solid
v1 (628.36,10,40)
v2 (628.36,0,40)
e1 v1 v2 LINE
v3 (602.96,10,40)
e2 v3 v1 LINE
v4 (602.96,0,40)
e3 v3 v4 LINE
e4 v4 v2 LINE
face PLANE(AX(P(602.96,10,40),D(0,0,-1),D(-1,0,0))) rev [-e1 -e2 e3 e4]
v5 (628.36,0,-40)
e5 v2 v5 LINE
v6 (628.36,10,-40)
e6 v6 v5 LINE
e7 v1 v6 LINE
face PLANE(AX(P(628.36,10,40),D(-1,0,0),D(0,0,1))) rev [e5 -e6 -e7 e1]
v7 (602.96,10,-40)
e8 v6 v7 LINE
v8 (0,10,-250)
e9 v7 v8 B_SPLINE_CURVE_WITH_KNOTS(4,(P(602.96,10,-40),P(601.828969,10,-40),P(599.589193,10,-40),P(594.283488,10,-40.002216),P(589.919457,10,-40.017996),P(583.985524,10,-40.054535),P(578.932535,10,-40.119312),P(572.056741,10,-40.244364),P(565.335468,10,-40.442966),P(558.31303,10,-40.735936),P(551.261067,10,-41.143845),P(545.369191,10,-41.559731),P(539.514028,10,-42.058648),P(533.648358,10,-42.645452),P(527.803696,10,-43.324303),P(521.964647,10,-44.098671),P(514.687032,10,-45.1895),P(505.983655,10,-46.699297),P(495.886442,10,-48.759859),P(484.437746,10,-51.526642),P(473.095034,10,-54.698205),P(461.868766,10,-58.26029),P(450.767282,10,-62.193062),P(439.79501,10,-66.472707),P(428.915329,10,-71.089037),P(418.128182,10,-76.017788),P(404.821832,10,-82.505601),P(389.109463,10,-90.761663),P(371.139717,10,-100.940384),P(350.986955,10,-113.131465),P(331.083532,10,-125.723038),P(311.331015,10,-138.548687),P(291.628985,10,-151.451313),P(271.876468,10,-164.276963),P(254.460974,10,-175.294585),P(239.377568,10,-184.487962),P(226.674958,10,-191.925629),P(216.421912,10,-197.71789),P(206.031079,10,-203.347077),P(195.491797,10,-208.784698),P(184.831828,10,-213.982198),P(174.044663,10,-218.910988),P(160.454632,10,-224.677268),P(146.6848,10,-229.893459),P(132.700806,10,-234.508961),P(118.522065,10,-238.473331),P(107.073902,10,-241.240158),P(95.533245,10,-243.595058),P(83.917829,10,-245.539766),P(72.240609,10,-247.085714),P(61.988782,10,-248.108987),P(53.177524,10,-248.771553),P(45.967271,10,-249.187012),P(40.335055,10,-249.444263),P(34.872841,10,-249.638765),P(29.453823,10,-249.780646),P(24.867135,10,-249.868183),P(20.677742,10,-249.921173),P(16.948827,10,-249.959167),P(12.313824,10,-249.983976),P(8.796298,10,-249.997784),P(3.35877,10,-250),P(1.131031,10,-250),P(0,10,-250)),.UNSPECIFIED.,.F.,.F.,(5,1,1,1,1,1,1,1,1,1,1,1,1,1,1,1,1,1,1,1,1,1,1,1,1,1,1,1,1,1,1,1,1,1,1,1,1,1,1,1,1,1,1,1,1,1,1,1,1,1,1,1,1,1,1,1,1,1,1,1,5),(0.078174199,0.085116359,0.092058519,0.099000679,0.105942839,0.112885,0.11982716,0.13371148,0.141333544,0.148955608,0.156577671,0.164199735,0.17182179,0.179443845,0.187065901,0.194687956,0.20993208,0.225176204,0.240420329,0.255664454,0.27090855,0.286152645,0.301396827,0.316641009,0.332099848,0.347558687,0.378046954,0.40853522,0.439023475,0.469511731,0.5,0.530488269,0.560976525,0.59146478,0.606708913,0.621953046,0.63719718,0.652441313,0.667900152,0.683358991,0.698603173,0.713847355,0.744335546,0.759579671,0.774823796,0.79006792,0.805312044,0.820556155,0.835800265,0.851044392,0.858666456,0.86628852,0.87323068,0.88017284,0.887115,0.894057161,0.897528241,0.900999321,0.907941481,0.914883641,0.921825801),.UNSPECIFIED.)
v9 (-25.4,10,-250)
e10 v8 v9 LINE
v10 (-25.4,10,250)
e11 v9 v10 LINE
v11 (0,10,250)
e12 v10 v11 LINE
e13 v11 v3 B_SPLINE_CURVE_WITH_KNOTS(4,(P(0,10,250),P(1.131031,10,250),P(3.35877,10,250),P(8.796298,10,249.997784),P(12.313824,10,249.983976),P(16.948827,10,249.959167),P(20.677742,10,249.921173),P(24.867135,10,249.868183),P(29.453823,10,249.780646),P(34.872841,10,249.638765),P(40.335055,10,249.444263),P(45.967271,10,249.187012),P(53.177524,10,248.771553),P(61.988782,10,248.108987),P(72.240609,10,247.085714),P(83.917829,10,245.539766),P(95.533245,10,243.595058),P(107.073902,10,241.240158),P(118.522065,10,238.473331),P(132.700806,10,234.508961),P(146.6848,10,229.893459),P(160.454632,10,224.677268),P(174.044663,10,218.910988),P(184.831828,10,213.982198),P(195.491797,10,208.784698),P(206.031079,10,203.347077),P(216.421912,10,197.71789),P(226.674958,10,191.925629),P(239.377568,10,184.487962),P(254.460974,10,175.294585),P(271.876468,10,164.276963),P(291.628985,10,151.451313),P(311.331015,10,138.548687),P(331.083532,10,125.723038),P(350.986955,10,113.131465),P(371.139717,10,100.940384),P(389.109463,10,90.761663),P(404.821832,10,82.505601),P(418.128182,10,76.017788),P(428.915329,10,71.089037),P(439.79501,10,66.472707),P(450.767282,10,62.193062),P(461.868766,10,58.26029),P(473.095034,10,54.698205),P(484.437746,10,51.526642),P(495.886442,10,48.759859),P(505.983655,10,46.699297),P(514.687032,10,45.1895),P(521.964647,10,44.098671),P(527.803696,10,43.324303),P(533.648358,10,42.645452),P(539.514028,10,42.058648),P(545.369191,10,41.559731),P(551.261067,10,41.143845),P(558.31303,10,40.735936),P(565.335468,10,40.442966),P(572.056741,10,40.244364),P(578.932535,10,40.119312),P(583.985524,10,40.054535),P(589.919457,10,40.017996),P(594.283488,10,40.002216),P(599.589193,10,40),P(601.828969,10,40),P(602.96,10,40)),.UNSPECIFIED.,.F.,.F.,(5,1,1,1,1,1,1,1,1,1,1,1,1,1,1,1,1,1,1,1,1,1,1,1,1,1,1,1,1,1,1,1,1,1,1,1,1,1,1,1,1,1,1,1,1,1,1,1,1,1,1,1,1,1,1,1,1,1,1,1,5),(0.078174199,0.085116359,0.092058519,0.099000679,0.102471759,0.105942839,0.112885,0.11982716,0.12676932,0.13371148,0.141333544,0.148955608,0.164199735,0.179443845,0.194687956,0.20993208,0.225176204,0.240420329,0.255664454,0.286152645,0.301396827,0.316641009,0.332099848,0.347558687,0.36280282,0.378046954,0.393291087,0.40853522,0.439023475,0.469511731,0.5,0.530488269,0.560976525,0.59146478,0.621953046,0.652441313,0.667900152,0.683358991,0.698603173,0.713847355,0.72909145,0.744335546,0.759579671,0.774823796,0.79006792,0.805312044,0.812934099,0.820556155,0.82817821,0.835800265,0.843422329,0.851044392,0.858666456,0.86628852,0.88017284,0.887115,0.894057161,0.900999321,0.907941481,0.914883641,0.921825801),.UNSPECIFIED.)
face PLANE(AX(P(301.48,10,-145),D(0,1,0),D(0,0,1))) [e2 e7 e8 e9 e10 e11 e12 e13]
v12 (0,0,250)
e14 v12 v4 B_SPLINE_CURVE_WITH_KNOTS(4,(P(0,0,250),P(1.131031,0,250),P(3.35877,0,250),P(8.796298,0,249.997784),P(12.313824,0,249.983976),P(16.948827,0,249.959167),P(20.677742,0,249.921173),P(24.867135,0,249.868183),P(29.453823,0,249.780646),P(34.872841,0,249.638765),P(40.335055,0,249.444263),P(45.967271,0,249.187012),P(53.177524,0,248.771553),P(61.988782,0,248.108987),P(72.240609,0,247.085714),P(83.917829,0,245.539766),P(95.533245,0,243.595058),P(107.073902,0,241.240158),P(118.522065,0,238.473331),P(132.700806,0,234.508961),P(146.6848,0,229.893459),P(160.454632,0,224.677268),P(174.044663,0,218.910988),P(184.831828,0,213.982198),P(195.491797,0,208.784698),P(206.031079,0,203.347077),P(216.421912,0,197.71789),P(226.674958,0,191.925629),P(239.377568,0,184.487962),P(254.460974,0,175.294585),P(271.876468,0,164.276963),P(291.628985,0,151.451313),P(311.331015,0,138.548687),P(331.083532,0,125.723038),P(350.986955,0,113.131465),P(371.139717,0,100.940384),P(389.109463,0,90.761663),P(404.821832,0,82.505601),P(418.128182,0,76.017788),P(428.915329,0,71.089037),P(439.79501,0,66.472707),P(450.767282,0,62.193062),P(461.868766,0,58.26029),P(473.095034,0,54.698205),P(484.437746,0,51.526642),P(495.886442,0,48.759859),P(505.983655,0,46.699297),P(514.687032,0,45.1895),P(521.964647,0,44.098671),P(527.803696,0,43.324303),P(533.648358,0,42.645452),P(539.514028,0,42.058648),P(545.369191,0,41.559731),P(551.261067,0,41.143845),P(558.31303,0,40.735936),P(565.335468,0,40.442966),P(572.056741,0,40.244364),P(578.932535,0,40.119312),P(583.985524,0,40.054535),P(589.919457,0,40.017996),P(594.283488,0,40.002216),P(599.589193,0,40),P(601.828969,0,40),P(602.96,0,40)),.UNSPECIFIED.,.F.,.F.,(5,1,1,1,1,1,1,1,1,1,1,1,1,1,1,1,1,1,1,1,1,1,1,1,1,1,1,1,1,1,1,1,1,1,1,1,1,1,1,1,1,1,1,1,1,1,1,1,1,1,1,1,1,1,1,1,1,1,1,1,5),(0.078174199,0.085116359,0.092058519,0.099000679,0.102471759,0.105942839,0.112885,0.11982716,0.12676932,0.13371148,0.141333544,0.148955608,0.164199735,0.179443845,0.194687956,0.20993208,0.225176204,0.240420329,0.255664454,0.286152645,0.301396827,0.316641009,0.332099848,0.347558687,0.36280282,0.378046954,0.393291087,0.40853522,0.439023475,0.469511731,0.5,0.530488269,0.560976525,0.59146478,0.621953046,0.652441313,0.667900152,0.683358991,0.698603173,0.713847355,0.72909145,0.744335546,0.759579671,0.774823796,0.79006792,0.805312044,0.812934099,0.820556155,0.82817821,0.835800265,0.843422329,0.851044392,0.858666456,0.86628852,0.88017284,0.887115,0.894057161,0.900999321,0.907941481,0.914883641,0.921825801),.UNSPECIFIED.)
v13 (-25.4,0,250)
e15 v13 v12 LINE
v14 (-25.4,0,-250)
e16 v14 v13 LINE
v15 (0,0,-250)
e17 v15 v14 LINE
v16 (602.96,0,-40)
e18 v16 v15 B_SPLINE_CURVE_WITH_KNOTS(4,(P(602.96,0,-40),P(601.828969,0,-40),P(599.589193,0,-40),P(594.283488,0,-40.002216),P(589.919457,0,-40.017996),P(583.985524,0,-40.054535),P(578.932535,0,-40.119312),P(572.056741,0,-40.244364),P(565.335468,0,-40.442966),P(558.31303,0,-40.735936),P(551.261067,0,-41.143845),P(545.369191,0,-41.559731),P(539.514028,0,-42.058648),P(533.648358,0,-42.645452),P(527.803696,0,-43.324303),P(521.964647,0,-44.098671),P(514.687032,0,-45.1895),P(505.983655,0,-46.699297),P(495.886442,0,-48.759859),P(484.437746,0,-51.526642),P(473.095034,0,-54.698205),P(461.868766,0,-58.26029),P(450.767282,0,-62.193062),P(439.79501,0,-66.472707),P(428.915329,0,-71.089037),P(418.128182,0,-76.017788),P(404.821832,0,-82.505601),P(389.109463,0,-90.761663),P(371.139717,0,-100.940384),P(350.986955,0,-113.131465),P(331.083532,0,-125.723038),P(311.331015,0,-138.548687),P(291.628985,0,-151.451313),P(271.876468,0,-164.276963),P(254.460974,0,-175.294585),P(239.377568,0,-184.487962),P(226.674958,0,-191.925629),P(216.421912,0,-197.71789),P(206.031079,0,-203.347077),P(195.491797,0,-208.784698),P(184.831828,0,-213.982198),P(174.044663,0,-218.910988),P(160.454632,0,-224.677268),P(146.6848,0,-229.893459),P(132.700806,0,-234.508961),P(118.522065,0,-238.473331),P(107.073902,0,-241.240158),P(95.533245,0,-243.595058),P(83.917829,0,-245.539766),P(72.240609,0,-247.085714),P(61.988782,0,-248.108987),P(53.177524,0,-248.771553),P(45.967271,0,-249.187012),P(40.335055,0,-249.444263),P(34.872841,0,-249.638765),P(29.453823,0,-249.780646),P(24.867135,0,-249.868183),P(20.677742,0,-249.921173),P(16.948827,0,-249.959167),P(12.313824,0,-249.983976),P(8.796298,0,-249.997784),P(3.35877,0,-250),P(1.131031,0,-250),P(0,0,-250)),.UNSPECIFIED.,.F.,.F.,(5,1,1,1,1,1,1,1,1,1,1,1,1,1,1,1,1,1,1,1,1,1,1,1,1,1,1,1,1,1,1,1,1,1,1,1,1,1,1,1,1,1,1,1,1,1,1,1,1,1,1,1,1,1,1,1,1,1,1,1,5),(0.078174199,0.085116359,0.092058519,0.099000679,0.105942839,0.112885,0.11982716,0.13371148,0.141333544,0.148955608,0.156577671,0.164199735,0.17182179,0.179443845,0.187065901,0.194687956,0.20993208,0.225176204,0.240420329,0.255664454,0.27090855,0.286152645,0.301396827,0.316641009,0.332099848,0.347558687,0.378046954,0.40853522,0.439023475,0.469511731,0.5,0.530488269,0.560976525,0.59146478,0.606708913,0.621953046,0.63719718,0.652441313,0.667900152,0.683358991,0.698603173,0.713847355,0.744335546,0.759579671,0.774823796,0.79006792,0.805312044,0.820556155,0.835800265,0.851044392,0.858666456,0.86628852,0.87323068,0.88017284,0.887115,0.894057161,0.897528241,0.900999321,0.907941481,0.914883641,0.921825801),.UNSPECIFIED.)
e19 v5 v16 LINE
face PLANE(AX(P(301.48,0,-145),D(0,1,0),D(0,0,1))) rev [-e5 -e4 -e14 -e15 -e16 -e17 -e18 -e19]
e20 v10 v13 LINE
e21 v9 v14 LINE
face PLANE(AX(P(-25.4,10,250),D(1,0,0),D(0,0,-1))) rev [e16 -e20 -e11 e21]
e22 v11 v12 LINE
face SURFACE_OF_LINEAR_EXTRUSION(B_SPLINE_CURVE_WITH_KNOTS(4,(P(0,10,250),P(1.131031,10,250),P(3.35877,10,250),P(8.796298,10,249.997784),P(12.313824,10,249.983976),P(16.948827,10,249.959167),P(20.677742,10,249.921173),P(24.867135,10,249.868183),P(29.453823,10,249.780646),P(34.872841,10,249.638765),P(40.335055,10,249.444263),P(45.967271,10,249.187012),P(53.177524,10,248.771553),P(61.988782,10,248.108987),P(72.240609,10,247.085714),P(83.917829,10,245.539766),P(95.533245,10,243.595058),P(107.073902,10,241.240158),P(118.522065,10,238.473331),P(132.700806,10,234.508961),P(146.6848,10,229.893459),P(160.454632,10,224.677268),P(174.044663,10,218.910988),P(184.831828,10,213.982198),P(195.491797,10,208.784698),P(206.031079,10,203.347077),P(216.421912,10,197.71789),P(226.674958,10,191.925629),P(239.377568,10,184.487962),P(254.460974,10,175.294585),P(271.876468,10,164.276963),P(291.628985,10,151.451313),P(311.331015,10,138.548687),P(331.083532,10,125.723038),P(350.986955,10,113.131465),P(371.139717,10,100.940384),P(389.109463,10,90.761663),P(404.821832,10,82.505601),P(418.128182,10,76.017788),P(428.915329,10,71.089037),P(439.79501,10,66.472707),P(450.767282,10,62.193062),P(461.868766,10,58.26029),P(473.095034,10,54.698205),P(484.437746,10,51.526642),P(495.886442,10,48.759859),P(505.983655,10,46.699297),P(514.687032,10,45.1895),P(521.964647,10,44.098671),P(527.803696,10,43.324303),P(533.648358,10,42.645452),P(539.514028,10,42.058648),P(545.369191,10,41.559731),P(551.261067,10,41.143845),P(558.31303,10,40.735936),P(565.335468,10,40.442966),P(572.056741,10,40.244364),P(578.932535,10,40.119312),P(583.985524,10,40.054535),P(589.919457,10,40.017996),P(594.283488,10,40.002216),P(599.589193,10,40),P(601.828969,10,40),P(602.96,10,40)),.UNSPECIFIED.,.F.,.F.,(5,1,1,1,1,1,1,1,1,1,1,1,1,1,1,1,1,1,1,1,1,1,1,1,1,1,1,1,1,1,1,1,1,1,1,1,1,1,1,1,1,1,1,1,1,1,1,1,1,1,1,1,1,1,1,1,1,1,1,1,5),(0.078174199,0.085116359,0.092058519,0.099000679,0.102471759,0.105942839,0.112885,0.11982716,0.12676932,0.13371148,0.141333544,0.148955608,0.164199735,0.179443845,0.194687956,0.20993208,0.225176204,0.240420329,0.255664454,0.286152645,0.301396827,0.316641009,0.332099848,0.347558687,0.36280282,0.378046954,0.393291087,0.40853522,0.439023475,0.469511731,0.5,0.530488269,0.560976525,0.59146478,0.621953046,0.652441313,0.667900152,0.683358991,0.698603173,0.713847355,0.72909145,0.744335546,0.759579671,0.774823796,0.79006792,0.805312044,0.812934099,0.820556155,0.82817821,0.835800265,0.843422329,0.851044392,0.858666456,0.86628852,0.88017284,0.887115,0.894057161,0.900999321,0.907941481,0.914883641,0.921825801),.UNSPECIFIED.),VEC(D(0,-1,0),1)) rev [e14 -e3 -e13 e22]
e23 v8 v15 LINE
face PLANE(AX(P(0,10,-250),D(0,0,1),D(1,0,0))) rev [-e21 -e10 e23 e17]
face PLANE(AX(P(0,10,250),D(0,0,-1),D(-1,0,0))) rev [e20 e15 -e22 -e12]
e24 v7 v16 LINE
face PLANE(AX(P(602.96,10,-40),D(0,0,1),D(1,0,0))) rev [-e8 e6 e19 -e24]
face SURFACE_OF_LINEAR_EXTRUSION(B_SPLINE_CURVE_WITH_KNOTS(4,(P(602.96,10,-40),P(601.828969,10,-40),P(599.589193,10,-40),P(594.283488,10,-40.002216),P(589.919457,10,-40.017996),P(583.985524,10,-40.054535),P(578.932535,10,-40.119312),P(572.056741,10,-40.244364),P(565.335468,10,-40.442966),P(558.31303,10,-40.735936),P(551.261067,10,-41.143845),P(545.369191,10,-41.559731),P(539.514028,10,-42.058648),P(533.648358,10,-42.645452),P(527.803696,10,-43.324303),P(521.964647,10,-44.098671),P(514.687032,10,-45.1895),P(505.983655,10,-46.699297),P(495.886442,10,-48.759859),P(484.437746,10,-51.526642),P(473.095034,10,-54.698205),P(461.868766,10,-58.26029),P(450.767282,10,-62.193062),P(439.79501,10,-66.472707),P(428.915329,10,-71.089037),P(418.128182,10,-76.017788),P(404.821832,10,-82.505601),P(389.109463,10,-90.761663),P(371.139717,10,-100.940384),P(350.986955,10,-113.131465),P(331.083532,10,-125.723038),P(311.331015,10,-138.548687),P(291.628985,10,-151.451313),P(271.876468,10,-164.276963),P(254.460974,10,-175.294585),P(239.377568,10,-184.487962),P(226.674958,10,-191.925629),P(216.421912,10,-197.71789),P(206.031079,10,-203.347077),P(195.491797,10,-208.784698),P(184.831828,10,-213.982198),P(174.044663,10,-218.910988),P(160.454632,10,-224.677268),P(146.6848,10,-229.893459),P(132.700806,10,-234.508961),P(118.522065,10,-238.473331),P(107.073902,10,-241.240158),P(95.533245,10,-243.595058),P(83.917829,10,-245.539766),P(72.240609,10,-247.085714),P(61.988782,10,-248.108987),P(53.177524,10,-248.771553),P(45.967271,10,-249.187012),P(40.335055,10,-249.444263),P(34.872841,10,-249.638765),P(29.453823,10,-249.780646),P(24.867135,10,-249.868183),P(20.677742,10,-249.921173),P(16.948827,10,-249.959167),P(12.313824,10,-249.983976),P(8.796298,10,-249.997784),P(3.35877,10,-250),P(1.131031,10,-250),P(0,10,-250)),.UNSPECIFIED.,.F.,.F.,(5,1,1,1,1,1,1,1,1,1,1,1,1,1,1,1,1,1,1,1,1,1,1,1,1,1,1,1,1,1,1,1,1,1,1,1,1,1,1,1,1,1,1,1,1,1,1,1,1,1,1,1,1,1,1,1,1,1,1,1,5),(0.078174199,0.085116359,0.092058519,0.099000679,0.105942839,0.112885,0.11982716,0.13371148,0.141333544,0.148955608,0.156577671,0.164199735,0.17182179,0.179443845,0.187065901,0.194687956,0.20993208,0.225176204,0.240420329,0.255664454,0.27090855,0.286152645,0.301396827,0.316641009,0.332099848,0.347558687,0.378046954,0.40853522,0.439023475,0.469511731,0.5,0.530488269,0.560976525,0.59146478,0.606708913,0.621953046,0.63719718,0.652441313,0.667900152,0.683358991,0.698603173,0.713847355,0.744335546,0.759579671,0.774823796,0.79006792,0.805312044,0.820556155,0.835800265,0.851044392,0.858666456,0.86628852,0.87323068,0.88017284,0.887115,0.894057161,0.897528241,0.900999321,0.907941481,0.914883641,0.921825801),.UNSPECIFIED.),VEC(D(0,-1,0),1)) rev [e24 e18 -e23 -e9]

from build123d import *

# Parameters (mm, degrees)
BOSS_EXTRUDE1_DEPTH = 10


with BuildPart() as part:
    # Sketch2 → Boss-Extrude1 (new body)
    with BuildSketch(Plane(origin=(0, 0, 0), x_dir=(1, 0, 0), z_dir=(0, 1, 0))):
        with BuildLine():
            Line((602.960000001, -40), (628.360000001, -40))
            Line((628.360000001, -40), (628.360000001, 40))
            Line((628.360000001, 40), (602.960000001, 40))
            add(Edge.make_bspline(
                [(0, 250), (1.131031236, 250), (3.358770292, 250.000000003), (8.796297806, 249.997784221), (12.313824052, 249.983976491), (16.948827051, 249.959167009), (20.677742413, 249.92117332), (24.867135006, 249.868183184), (29.453823448, 249.780646369), (34.872840698, 249.638764529), (40.33505504, 249.444262899), (45.967271128, 249.187011571), (53.177523523, 248.77155286), (61.98878186, 248.108986796), (72.240608905, 247.08571443), (83.917829127, 245.539765846), (95.533244533, 243.595057869), (107.073902326, 241.240157871), (118.522065352, 238.473331116), (132.700805727, 234.508961084), (146.684800287, 229.893458887), (160.454632321, 224.677267983), (174.044662558, 218.910987655), (184.831827692, 213.982198347), (195.491796688, 208.784697651), (206.031078869, 203.347077443), (216.421911741, 197.717889727), (226.674958166, 191.925628535), (239.377568262, 184.487962432), (254.460973864, 175.294585429), (271.876468287, 164.276962988), (291.628985453, 151.451312882), (311.331014557, 138.548686677), (331.083531617, 125.723038473), (350.986954957, 113.131465206), (371.139716909, 100.940384071), (389.10946348, 90.761663453), (404.821831782, 82.50560077), (418.128182226, 76.017787755), (428.915328943, 71.089037301), (439.795009545, 66.472707342), (450.767282366, 62.19306212), (461.868765882, 58.260289969), (473.095033587, 54.698205156), (484.437746208, 51.526641761), (495.886441901, 48.75985944), (505.983655162, 46.699297059), (514.687032, 45.189499616), (521.964646592, 44.098671482), (527.803696286, 43.324303169), (533.648357788, 42.645452029), (539.514027562, 42.058648284), (545.369191286, 41.559731198), (551.261066711, 41.143844609), (558.313030396, 40.735935788), (565.335468194, 40.442966308), (572.056741451, 40.244363645), (578.932534832, 40.119311859), (583.985524287, 40.054535351), (589.91945744, 40.017995984), (594.28348806, 40.002215768), (599.589193263, 40.000000038), (601.828968765, 40), (602.960000001, 40)],
                knots=[0.078174199, 0.078174199, 0.078174199, 0.078174199, 0.078174199, 0.085116359, 0.092058519, 0.099000679, 0.102471759, 0.105942839, 0.112885, 0.11982716, 0.12676932, 0.13371148, 0.141333544, 0.148955608, 0.164199735, 0.179443845, 0.194687956, 0.20993208, 0.225176204, 0.240420329, 0.255664454, 0.286152645, 0.301396827, 0.316641009, 0.332099848, 0.347558687, 0.36280282, 0.378046954, 0.393291087, 0.40853522, 0.439023475, 0.469511731, 0.5, 0.530488269, 0.560976525, 0.59146478, 0.621953046, 0.652441313, 0.667900152, 0.683358991, 0.698603173, 0.713847355, 0.72909145, 0.744335546, 0.759579671, 0.774823796, 0.79006792, 0.805312044, 0.812934099, 0.820556155, 0.82817821, 0.835800265, 0.843422329, 0.851044392, 0.858666456, 0.86628852, 0.88017284, 0.887115, 0.894057161, 0.900999321, 0.907941481, 0.914883641, 0.921825801, 0.921825801, 0.921825801, 0.921825801, 0.921825801], degree=4))
            Line((0, 250), (-25.4, 250))
            Line((-25.4, 250), (-25.4, -250))
            Line((-25.4, -250), (0, -250))
            add(Edge.make_bspline(
                [(0, -250), (1.131031236, -250), (3.358770292, -250.000000003), (8.796297806, -249.997784221), (12.313824052, -249.983976491), (16.948827051, -249.959167009), (20.677742413, -249.92117332), (24.867135006, -249.868183184), (29.453823448, -249.780646369), (34.872840698, -249.638764529), (40.33505504, -249.444262899), (45.967271128, -249.187011571), (53.177523523, -248.77155286), (61.98878186, -248.108986796), (72.240608905, -247.08571443), (83.917829127, -245.539765846), (95.533244533, -243.595057869), (107.073902326, -241.240157871), (118.522065351, -238.473331116), (132.700805727, -234.508961084), (146.684800287, -229.893458887), (160.454632321, -224.677267983), (174.044662558, -218.910987655), (184.831827692, -213.982198347), (195.491796688, -208.784697651), (206.031078869, -203.347077443), (216.421911741, -197.717889727), (226.674958166, -191.925628535), (239.377568262, -184.487962432), (254.460973864, -175.294585429), (271.876468287, -164.276962988), (291.628985453, -151.451312882), (311.331014556, -138.548686677), (331.083531617, -125.723038473), (350.986954957, -113.131465206), (371.139716909, -100.940384071), (389.10946348, -90.761663453), (404.821831782, -82.505600769), (418.128182226, -76.017787755), (428.915328943, -71.089037301), (439.795009544, -66.472707341), (450.767282366, -62.19306212), (461.868765882, -58.260289969), (473.095033586, -54.698205156), (484.437746208, -51.526641761), (495.886441901, -48.75985944), (505.983655162, -46.699297059), (514.687032, -45.189499616), (521.964646592, -44.098671482), (527.803696286, -43.324303169), (533.648357788, -42.645452029), (539.514027562, -42.058648284), (545.369191286, -41.559731198), (551.261066711, -41.143844609), (558.313030396, -40.735935788), (565.335468194, -40.442966308), (572.056741451, -40.244363645), (578.932534832, -40.119311858), (583.985524287, -40.054535351), (589.91945744, -40.017995984), (594.28348806, -40.002215768), (599.589193263, -40.000000038), (601.828968765, -40), (602.960000001, -40)],
                knots=[0.078174199, 0.078174199, 0.078174199, 0.078174199, 0.078174199, 0.085116359, 0.092058519, 0.099000679, 0.102471759, 0.105942839, 0.112885, 0.11982716, 0.12676932, 0.13371148, 0.141333544, 0.148955608, 0.164199735, 0.179443845, 0.194687956, 0.20993208, 0.225176204, 0.240420329, 0.255664454, 0.286152645, 0.301396827, 0.316641009, 0.332099848, 0.347558687, 0.36280282, 0.378046954, 0.393291087, 0.40853522, 0.439023475, 0.469511731, 0.5, 0.530488269, 0.560976525, 0.59146478, 0.621953046, 0.652441313, 0.667900152, 0.683358991, 0.698603173, 0.713847355, 0.72909145, 0.744335546, 0.759579671, 0.774823796, 0.79006792, 0.805312044, 0.812934099, 0.820556155, 0.82817821, 0.835800265, 0.843422329, 0.851044392, 0.858666456, 0.86628852, 0.88017284, 0.887115, 0.894057161, 0.900999321, 0.907941481, 0.914883641, 0.921825801, 0.921825801, 0.921825801, 0.921825801, 0.921825801], degree=4))
        make_face()
    extrude(amount=BOSS_EXTRUDE1_DEPTH)


solid = part.part
